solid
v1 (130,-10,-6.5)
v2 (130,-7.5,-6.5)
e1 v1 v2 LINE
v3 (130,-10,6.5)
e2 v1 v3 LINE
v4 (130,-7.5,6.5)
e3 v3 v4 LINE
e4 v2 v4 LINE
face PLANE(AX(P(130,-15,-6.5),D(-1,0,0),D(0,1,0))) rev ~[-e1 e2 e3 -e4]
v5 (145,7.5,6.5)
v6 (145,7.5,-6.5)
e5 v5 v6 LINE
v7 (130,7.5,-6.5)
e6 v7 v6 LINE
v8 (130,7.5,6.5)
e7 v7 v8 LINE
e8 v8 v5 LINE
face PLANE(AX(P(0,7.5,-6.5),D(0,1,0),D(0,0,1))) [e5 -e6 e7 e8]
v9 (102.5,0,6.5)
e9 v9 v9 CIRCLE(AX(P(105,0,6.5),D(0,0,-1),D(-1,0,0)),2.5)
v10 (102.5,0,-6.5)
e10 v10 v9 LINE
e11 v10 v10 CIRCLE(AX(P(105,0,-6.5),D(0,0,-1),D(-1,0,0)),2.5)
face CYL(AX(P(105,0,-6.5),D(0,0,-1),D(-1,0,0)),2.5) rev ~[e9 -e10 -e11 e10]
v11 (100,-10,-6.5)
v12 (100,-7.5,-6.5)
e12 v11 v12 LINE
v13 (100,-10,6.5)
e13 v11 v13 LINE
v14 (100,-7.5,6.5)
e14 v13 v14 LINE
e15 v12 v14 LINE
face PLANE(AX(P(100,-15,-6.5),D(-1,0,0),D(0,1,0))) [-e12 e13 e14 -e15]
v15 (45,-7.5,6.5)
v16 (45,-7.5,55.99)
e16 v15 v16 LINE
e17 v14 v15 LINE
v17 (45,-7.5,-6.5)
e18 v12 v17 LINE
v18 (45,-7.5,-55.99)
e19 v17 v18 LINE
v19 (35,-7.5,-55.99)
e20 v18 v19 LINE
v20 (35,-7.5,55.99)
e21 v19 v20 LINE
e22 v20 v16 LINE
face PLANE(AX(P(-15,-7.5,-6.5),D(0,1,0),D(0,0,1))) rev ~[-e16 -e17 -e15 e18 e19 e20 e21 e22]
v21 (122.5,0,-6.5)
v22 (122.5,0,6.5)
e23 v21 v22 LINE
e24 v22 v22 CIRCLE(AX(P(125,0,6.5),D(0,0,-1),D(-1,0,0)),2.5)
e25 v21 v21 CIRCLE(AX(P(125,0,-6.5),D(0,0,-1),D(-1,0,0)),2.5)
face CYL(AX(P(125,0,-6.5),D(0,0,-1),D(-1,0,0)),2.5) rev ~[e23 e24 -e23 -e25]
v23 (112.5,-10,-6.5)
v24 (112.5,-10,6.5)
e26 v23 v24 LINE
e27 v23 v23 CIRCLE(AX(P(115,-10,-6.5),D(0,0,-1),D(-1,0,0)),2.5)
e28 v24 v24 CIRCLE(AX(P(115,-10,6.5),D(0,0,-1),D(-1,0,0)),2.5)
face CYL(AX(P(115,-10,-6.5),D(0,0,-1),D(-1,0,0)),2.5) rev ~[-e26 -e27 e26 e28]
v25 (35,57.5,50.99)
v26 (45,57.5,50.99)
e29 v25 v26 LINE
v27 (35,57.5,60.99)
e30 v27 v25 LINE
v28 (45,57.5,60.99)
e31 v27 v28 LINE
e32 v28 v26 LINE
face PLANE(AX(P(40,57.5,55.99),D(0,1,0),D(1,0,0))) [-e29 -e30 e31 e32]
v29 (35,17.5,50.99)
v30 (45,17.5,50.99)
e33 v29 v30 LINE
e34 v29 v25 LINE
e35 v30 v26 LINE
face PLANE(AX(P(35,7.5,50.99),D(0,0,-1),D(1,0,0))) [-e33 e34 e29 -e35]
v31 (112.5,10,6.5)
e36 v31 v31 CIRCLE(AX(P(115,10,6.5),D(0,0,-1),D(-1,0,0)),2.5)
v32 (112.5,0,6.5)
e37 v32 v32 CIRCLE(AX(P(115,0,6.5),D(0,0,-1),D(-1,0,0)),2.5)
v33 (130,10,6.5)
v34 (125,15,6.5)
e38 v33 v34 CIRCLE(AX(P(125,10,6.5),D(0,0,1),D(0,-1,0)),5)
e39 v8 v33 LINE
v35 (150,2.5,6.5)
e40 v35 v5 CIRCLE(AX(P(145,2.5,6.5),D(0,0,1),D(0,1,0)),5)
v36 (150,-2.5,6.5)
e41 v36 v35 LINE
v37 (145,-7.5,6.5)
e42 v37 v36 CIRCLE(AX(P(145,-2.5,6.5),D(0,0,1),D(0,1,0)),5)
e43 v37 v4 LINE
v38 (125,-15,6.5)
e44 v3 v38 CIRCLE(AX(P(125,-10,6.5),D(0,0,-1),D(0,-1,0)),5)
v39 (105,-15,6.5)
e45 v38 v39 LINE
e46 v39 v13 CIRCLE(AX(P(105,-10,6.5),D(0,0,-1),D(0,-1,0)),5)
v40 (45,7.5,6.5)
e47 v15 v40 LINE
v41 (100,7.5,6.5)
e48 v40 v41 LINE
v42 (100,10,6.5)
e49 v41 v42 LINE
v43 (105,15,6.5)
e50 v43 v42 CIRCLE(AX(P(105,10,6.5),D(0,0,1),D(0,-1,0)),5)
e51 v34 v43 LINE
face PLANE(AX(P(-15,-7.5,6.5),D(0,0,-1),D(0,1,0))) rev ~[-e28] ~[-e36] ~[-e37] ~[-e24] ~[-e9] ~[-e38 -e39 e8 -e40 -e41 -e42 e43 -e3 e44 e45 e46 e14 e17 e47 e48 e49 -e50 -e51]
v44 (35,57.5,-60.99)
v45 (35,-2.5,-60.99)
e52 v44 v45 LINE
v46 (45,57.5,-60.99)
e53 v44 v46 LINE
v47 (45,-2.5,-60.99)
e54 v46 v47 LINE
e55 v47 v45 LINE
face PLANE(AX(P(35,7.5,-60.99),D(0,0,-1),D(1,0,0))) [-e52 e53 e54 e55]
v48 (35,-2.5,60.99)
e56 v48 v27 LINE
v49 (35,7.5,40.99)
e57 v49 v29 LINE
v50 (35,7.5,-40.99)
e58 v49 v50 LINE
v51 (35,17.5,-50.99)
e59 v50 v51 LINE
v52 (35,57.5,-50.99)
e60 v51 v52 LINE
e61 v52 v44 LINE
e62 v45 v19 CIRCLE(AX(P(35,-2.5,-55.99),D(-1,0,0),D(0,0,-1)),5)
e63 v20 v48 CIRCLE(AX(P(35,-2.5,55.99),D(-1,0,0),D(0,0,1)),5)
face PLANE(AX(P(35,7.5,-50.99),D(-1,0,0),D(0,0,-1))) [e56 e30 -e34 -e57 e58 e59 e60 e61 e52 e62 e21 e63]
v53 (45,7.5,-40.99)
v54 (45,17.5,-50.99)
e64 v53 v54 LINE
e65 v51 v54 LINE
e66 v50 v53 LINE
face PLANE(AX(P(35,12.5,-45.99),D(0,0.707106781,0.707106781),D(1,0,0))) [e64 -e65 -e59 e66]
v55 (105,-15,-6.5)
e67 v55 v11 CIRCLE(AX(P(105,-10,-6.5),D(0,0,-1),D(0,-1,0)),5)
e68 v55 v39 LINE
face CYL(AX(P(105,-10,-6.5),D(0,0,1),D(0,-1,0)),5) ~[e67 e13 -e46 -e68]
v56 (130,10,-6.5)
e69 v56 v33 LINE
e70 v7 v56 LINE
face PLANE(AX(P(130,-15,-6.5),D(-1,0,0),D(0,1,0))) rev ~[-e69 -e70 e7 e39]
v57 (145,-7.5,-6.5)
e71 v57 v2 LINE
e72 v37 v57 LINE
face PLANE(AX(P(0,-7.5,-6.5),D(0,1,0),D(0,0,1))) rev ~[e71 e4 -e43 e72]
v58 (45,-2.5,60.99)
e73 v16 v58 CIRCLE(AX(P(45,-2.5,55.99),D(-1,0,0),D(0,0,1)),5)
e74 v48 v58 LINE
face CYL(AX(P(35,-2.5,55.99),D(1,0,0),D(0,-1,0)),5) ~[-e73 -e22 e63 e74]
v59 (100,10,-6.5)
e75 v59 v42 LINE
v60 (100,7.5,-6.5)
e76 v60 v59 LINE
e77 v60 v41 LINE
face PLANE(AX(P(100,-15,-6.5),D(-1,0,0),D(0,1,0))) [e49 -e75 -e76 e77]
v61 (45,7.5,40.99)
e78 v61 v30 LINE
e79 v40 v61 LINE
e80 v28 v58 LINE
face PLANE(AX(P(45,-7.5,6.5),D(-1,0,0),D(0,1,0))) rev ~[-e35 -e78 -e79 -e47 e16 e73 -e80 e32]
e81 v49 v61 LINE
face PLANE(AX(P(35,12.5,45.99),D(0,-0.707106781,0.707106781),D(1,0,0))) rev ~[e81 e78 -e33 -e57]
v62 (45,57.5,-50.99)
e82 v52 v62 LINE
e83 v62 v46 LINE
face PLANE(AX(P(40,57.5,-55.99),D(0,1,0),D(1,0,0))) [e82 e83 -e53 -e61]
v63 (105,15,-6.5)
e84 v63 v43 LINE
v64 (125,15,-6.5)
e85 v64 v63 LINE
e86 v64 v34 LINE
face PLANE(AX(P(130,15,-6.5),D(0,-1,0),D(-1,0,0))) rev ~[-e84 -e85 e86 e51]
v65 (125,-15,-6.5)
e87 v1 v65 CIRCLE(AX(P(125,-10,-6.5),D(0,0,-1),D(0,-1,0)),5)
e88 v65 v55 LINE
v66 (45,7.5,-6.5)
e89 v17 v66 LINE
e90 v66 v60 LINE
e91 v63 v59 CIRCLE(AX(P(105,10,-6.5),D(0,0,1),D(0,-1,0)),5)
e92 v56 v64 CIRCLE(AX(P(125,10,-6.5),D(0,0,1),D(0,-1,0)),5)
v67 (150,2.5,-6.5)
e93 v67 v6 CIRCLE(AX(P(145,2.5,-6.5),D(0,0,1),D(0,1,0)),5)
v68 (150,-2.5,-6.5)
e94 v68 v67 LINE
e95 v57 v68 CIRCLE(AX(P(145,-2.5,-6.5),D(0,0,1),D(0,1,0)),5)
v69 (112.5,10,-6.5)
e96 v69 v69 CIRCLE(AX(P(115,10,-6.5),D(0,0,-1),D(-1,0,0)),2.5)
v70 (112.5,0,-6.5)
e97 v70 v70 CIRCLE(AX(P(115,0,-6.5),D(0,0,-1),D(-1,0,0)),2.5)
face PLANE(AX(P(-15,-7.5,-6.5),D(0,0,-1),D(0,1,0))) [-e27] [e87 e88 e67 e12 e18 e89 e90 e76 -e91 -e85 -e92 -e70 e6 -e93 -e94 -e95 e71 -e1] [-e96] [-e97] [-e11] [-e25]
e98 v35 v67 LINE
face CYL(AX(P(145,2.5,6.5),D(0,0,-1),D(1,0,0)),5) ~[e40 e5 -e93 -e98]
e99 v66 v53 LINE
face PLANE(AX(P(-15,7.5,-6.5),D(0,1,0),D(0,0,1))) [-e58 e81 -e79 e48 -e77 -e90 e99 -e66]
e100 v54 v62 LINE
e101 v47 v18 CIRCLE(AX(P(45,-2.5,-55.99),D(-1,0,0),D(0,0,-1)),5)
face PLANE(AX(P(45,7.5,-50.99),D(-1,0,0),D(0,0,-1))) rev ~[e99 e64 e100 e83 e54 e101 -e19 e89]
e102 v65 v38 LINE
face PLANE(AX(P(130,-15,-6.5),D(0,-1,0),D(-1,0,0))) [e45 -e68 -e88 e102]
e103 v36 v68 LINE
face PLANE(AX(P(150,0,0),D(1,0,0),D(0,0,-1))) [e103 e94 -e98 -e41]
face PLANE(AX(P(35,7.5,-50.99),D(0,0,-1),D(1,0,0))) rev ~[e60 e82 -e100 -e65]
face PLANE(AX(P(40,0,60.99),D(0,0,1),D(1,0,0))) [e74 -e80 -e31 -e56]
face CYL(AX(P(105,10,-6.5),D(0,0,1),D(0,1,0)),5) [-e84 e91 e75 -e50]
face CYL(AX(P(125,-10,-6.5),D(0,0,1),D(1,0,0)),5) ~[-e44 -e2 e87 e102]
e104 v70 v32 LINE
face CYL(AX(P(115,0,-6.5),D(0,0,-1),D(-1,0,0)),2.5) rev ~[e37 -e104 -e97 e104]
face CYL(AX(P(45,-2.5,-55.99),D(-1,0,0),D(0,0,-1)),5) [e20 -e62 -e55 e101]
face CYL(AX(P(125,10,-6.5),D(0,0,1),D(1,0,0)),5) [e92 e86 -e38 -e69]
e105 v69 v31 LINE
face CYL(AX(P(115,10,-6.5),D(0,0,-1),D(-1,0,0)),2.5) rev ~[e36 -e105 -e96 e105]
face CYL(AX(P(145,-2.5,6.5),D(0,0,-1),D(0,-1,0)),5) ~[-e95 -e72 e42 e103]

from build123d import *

# Parameters (mm, degrees)
SKETCH1_W            = 13
SKETCH1_H            = 15
BOSS_EXTRUDE1_DEPTH  = 150
SKETCH5_R            = 2.5
CUT_EXTRUDE3_DEPTH   = 151.748963512
SKETCH8_W            = 13
SKETCH8_H            = 15
BOSS_EXTRUDE3_DEPTH  = 15
SKETCH10_R           = 1.6
CUT_EXTRUDE4_DEPTH   = 151.888203648
SKETCH11_W           = 30
SKETCH11_H           = 30
BOSS_EXTRUDE4_DEPTH  = 13
SKETCH12_R           = 2.5
CUT_EXTRUDE5_DEPTH   = 152.307633647
FILLET1_R            = 5
FILLET2_R            = 5
SKETCH13_R           = 3
CUT_EXTRUDE6_DEPTH   = 152.81732444
SKETCH15_W           = 13
SKETCH15_H           = 15
BOSS_EXTRUDE5_DEPTH  = 40
SKETCH23_W           = 10
SKETCH23_H           = 15
BOSS_EXTRUDE10_DEPTH = 54.49
SKETCH24_W           = 10
SKETCH24_H           = 15
BOSS_EXTRUDE11_DEPTH = 54.49
SKETCH27_W           = 10
SKETCH27_H           = 10
BOSS_EXTRUDE13_DEPTH = 50
SKETCH28_W           = 90
SKETCH28_H           = 13
CUT_EXTRUDE15_DEPTH  = 175.48432623
CHAMFER1_SIZE        = 10
FILLET3_R            = 5


with BuildPart() as part:
    # Sketch1 → Boss-Extrude1 (new body)
    with BuildSketch(Plane(origin=(0, 0, 0), x_dir=(0, 0, -1), z_dir=(1, 0, 0))):
        Rectangle(SKETCH1_W, SKETCH1_H)
    extrude(amount=BOSS_EXTRUDE1_DEPTH)

    # Sketch5 → Cut-Extrude3 (cut, through all)
    with BuildSketch(Plane.XY.offset(6.5)):
        with Locations((115, 0)):
            Circle(SKETCH5_R)
        with Locations((125, 0)):
            Circle(SKETCH5_R)
        with Locations((105, 0)):
            Circle(SKETCH5_R)
    extrude(amount=-CUT_EXTRUDE3_DEPTH, mode=Mode.SUBTRACT)

    # Sketch8 → Boss-Extrude3 (add)
    with BuildSketch(Plane.ZY):
        Rectangle(SKETCH8_W, SKETCH8_H)
    extrude(amount=BOSS_EXTRUDE3_DEPTH)

    # Sketch10 → Cut-Extrude4 (cut, through all)
    with BuildSketch(Plane(origin=(0, -7.5, 0), x_dir=(-1, 0, 0), z_dir=(0, -1, 0))):
        with Locations(Location((7, 0, 0), (0, 0, 90))):
            Circle(SKETCH10_R)
        with Locations(Location((-12, 0, 0), (0, 0, 90))):
            Circle(SKETCH10_R)
    extrude(amount=-CUT_EXTRUDE4_DEPTH, mode=Mode.SUBTRACT)

    # Sketch11 → Boss-Extrude4 (add)
    with BuildSketch(Plane(origin=(0, 0, -6.5), x_dir=(-1, 0, 0), z_dir=(0, 0, -1))):
        with Locations((-115, 0)):
            Rectangle(SKETCH11_W, SKETCH11_H)
    extrude(amount=-BOSS_EXTRUDE4_DEPTH)

    # Sketch12 → Cut-Extrude5 (cut, through all)
    with BuildSketch(Plane(origin=(0, 0, -6.5), x_dir=(-1, 0, 0), z_dir=(0, 0, -1))):
        with Locations((-115, 10)):
            Circle(SKETCH12_R)
        with Locations((-105, 0)):
            Circle(SKETCH12_R)
        with Locations((-125, 0)):
            Circle(SKETCH12_R)
        with Locations((-115, 0)):
            Circle(SKETCH12_R)
        with Locations((-115, -10)):
            Circle(SKETCH12_R)
    extrude(amount=-CUT_EXTRUDE5_DEPTH, mode=Mode.SUBTRACT)

    # Fillet1
    fillet1_edges = [part.edges().sort_by_distance(p)[0] for p in [
        (100, 15, 0),
        (130, -15, 0),
        (100, -15, 0),
        (130, 15, 0),
    ]]
    fillet(fillet1_edges, radius=FILLET1_R)

    # Fillet2
    fillet2_edges = [part.edges().sort_by_distance(p)[0] for p in [
        (150, -7.5, 0),
        (150, 7.5, 0),
    ]]
    fillet(fillet2_edges, radius=FILLET2_R)

    # Sketch13 → Cut-Extrude6 (cut, through all)
    with BuildSketch(Plane(origin=(0, 7.5, 0), x_dir=(1, 0, 0), z_dir=(0, 1, 0))):
        with Locations(Location((2.5, 0, 0), (0, 0, 270))):
            Circle(SKETCH13_R)
    extrude(amount=-CUT_EXTRUDE6_DEPTH, mode=Mode.SUBTRACT)

    # Sketch15 → Boss-Extrude5 (add)
    with BuildSketch(Plane.ZY.offset(15)):
        Rectangle(SKETCH15_W, SKETCH15_H)
    extrude(amount=BOSS_EXTRUDE5_DEPTH)

    # Sketch23 → Boss-Extrude10 (add)
    with BuildSketch(Plane.XY.offset(6.5)):
        with Locations((40, 0)):
            Rectangle(SKETCH23_W, SKETCH23_H)
    extrude(amount=BOSS_EXTRUDE10_DEPTH)

    # Sketch24 → Boss-Extrude11 (add)
    with BuildSketch(Plane(origin=(0, 0, -6.5), x_dir=(-1, 0, 0), z_dir=(0, 0, -1))):
        with Locations((-40, 0)):
            Rectangle(SKETCH24_W, SKETCH24_H)
    extrude(amount=BOSS_EXTRUDE11_DEPTH)

    # Sketch27 → Boss-Extrude13 (add)
    with BuildSketch(Plane(origin=(0, 7.5, 0), x_dir=(1, 0, 0), z_dir=(0, 1, 0))):
        with Locations((40, 55.99)):
            Rectangle(SKETCH27_W, SKETCH27_H)
        with Locations((40, -55.99)):
            Rectangle(SKETCH27_W, SKETCH27_H)
    extrude(amount=BOSS_EXTRUDE13_DEPTH)

    # Sketch28 → Cut-Extrude15 (cut, through all)
    with BuildSketch(Plane.XZ.offset(7.5)):
        with Locations((-10, 0)):
            Rectangle(SKETCH28_W, SKETCH28_H)
    extrude(amount=-CUT_EXTRUDE15_DEPTH, mode=Mode.SUBTRACT)

    # Chamfer1
    chamfer1_edges = [part.edges().sort_by_distance(p)[0] for p in [
        (40, 7.5, -50.99),
        (40, 7.5, 50.99),
    ]]
    chamfer(chamfer1_edges, length=CHAMFER1_SIZE)

    # Fillet3
    fillet3_edges = [part.edges().sort_by_distance(p)[0] for p in [
        (40, -7.5, 60.99),
        (40, -7.5, -60.99),
    ]]
    fillet(fillet3_edges, radius=FILLET3_R)


solid = part.part
